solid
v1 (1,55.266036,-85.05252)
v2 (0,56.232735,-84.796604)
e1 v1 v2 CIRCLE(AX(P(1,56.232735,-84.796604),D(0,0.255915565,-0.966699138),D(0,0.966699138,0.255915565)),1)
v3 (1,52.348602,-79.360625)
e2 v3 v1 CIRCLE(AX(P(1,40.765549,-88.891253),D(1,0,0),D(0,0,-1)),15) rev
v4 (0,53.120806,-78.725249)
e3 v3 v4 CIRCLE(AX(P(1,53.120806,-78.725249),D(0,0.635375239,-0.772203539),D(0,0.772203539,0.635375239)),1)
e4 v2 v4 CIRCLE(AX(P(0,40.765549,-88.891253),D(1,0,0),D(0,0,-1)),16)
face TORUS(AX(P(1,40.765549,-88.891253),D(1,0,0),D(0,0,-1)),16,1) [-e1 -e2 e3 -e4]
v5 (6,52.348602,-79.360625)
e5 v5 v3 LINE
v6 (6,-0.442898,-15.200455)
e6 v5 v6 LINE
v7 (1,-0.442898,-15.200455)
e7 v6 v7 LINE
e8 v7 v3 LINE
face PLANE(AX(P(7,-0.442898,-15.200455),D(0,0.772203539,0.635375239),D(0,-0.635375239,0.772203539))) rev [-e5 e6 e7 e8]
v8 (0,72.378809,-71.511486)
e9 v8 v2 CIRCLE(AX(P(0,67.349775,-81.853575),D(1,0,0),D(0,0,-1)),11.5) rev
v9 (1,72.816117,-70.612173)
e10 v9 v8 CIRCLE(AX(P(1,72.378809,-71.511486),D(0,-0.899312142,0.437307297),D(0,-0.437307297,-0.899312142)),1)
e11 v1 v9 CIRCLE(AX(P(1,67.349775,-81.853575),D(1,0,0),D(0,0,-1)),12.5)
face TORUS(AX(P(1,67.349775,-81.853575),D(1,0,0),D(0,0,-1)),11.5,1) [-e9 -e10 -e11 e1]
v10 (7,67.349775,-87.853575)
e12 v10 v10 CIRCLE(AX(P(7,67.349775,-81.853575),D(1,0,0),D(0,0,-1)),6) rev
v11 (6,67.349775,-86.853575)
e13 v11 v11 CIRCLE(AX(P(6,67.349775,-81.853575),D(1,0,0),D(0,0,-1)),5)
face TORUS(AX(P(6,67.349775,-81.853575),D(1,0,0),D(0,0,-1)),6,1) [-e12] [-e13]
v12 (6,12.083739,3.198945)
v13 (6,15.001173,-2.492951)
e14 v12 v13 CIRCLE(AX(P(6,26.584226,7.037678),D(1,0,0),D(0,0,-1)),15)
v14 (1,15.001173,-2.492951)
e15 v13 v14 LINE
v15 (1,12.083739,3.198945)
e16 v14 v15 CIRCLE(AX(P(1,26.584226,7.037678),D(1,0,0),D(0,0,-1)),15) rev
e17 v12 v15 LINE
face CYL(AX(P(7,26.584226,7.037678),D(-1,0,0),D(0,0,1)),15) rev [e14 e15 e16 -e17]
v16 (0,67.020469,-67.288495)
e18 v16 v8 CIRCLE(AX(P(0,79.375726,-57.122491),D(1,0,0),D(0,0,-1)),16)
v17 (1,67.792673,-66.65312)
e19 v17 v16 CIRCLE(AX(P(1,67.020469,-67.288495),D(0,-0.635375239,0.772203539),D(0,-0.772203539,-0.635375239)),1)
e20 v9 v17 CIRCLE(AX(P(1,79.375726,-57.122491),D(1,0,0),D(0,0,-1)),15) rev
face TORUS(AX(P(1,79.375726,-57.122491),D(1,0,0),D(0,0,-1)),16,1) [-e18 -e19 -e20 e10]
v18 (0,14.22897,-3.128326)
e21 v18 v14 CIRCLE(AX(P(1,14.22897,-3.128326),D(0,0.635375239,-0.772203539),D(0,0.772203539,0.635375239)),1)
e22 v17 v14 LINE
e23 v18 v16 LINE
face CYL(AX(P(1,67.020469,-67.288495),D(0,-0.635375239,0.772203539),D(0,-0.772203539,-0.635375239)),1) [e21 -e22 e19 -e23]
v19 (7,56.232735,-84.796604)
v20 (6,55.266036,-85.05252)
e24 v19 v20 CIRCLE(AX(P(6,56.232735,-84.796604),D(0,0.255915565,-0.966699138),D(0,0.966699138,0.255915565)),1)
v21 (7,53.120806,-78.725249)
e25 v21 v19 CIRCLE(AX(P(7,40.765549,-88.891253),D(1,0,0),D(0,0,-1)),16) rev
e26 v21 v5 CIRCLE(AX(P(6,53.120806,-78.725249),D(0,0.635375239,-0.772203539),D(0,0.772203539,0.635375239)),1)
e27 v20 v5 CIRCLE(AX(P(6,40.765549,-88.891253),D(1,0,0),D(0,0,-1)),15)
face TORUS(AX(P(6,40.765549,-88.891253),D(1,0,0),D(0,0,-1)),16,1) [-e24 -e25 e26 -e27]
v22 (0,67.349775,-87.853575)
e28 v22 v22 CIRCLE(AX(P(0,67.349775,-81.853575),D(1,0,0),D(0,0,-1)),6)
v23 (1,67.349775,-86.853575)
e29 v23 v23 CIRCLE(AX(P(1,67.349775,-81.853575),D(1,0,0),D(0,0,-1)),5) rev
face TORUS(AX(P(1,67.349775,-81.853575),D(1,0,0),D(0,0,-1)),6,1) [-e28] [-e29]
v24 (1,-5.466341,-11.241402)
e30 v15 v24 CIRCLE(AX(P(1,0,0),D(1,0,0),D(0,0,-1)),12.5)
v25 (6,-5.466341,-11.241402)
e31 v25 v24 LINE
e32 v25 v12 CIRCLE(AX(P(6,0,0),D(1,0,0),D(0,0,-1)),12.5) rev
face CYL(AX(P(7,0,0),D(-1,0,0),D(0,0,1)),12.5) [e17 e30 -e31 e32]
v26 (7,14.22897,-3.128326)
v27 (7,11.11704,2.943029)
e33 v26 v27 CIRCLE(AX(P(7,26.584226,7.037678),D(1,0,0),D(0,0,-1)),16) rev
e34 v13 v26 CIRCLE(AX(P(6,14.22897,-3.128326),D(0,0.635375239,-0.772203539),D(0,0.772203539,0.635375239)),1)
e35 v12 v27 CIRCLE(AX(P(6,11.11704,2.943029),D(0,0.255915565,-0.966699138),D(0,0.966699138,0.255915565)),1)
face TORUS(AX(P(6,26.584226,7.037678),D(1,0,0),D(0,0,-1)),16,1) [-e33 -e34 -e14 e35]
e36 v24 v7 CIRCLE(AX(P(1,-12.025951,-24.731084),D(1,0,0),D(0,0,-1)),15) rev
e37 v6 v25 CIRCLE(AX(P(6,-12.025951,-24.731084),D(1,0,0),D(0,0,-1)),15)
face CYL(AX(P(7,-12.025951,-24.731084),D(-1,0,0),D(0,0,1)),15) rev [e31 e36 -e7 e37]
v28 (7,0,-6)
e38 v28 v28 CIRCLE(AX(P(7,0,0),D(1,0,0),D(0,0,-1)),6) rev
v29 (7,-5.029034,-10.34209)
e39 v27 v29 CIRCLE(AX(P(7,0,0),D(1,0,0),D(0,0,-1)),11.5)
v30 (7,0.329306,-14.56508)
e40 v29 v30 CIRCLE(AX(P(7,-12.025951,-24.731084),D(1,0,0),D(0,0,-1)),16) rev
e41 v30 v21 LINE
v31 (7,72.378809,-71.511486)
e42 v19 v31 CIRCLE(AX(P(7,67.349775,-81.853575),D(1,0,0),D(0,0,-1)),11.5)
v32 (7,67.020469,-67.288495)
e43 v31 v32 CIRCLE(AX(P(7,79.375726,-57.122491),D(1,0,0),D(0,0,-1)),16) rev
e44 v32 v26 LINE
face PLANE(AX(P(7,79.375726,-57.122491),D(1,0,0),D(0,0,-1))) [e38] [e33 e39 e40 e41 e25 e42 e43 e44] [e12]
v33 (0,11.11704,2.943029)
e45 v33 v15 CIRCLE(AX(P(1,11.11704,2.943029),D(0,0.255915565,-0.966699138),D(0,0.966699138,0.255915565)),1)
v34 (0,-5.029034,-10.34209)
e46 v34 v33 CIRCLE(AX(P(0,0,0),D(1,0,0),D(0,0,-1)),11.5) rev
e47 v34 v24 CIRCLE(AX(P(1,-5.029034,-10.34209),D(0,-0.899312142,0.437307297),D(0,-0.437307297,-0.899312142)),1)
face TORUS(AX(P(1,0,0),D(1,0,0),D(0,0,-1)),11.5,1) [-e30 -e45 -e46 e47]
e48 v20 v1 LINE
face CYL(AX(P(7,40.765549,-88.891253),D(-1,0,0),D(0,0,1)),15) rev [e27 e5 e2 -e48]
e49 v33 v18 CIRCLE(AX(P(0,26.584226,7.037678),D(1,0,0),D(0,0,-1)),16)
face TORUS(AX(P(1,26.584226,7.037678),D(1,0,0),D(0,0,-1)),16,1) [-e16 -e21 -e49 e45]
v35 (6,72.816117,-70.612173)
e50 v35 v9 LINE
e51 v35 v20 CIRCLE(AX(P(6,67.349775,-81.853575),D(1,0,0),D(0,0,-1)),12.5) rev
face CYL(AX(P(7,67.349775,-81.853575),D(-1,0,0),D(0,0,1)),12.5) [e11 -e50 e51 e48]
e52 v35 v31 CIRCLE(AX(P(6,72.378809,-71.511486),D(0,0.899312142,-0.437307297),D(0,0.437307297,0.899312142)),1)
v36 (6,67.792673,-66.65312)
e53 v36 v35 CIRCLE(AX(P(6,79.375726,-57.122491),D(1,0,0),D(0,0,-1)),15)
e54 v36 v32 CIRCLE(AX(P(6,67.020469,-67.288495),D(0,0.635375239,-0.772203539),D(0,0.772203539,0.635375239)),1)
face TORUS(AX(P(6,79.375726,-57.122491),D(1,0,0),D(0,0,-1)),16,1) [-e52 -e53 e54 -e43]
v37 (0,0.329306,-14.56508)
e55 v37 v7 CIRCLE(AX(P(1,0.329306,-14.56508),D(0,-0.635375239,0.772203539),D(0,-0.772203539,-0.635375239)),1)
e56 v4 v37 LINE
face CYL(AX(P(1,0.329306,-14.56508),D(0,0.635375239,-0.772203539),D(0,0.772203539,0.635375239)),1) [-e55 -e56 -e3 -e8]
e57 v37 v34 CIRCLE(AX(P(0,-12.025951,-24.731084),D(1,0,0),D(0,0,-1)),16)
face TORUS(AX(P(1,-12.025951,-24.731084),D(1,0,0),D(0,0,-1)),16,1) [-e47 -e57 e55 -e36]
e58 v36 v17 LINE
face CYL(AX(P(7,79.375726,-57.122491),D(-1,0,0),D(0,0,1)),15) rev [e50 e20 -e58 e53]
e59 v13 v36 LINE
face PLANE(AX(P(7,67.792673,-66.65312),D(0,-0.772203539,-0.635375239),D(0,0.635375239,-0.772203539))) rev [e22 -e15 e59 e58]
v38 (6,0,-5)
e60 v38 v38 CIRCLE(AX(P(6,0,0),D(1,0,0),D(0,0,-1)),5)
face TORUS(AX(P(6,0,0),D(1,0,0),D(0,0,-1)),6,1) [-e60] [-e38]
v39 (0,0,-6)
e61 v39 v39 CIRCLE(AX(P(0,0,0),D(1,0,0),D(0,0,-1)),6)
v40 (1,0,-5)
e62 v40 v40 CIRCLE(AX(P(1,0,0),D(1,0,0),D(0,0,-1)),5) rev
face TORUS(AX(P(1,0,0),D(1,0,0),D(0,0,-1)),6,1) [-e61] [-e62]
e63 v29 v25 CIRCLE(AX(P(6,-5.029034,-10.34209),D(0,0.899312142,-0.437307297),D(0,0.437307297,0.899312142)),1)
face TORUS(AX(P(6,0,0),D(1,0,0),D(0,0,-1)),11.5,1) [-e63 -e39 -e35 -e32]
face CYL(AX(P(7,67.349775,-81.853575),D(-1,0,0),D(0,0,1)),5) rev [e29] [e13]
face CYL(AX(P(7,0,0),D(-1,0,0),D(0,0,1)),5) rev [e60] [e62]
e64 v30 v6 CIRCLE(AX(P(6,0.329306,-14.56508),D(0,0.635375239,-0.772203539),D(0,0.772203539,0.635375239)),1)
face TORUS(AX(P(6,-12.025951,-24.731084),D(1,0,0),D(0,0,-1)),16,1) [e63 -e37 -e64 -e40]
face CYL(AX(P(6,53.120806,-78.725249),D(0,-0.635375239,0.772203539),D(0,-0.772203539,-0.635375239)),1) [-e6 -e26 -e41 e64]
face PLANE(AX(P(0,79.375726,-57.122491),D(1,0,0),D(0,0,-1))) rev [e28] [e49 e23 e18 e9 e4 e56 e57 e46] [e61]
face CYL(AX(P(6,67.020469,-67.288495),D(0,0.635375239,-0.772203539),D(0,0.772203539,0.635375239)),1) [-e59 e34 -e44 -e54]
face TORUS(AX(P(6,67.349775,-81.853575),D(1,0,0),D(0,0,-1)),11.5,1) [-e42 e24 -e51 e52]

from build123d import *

# Parameters (mm, degrees)
SKETCH2_R           = 5
BOSS_EXTRUDE1_DEPTH = 7
FILLET1_R           = 1


with BuildPart() as part:
    # Sketch2 → Boss-Extrude1 (new body)
    with BuildSketch(Plane.YZ):
        with BuildLine():
            Line((67.792672883, -66.653119845), (15.001173208, -2.492950539))
            ThreePointArc((15.001173208, -2.492950539), (13.235549048, 0.195688878), (12.083739226, 3.198944565))
            ThreePointArc((12.083739226, 3.198944565), (-7.942190484, 9.65254424), (-5.466341212, -11.24140177))
            ThreePointArc((-5.466341212, -11.24140177), (-2.741147099, -12.950064298), (-0.442897577, -15.200455313))
            Line((-0.442897577, -15.200455313), (52.348602098, -79.36062462))
            ThreePointArc((52.348602098, -79.36062462), (54.114226258, -82.049264037), (55.26603608, -85.052519723))
            ThreePointArc((55.26603608, -85.052519723), (75.29196579, -91.506119399), (72.816116517, -70.612173388))
            ThreePointArc((72.816116517, -70.612173388), (70.090922405, -68.903510861), (67.792672883, -66.653119845))
        make_face()
        with Locations(Location((0, 0, 0), (0, 0, 270))):
            Circle(SKETCH2_R, mode=Mode.SUBTRACT)
        with Locations(Location((67.349775306, -81.853575159, 0), (0, 0, 270))):
            Circle(SKETCH2_R, mode=Mode.SUBTRACT)
    extrude(amount=BOSS_EXTRUDE1_DEPTH)

    # Fillet1
    fillet1_edges = [part.edges().sort_by_distance(p)[0] for p in [
        (0, -7.942190484, 9.65254424),
        (0, 13.235549048, 0.195688878),
        (0, 41.396923045, -34.573035192),
        (0, 70.090922405, -68.903510861),
        (7, 13.235549048, 0.195688878),
        (7, -7.942190484, 9.65254424),
        (7, -2.741147099, -12.950064298),
        (0, 0, 5),
        (7, 0, 5),
        (7, 25.952852261, -47.280539967),
        (0, 67.349775306, -76.853575159),
        (7, 67.349775306, -76.853575159),
        (7, 54.114226258, -82.049264037),
        (7, 75.29196579, -91.506119399),
        (7, 70.090922405, -68.903510861),
        (0, 75.29196579, -91.506119399),
        (7, 41.396923045, -34.573035192),
        (0, 54.114226258, -82.049264037),
        (0, 25.952852261, -47.280539967),
        (0, -2.741147099, -12.950064298),
    ]]
    fillet(fillet1_edges, radius=FILLET1_R)


solid = part.part
